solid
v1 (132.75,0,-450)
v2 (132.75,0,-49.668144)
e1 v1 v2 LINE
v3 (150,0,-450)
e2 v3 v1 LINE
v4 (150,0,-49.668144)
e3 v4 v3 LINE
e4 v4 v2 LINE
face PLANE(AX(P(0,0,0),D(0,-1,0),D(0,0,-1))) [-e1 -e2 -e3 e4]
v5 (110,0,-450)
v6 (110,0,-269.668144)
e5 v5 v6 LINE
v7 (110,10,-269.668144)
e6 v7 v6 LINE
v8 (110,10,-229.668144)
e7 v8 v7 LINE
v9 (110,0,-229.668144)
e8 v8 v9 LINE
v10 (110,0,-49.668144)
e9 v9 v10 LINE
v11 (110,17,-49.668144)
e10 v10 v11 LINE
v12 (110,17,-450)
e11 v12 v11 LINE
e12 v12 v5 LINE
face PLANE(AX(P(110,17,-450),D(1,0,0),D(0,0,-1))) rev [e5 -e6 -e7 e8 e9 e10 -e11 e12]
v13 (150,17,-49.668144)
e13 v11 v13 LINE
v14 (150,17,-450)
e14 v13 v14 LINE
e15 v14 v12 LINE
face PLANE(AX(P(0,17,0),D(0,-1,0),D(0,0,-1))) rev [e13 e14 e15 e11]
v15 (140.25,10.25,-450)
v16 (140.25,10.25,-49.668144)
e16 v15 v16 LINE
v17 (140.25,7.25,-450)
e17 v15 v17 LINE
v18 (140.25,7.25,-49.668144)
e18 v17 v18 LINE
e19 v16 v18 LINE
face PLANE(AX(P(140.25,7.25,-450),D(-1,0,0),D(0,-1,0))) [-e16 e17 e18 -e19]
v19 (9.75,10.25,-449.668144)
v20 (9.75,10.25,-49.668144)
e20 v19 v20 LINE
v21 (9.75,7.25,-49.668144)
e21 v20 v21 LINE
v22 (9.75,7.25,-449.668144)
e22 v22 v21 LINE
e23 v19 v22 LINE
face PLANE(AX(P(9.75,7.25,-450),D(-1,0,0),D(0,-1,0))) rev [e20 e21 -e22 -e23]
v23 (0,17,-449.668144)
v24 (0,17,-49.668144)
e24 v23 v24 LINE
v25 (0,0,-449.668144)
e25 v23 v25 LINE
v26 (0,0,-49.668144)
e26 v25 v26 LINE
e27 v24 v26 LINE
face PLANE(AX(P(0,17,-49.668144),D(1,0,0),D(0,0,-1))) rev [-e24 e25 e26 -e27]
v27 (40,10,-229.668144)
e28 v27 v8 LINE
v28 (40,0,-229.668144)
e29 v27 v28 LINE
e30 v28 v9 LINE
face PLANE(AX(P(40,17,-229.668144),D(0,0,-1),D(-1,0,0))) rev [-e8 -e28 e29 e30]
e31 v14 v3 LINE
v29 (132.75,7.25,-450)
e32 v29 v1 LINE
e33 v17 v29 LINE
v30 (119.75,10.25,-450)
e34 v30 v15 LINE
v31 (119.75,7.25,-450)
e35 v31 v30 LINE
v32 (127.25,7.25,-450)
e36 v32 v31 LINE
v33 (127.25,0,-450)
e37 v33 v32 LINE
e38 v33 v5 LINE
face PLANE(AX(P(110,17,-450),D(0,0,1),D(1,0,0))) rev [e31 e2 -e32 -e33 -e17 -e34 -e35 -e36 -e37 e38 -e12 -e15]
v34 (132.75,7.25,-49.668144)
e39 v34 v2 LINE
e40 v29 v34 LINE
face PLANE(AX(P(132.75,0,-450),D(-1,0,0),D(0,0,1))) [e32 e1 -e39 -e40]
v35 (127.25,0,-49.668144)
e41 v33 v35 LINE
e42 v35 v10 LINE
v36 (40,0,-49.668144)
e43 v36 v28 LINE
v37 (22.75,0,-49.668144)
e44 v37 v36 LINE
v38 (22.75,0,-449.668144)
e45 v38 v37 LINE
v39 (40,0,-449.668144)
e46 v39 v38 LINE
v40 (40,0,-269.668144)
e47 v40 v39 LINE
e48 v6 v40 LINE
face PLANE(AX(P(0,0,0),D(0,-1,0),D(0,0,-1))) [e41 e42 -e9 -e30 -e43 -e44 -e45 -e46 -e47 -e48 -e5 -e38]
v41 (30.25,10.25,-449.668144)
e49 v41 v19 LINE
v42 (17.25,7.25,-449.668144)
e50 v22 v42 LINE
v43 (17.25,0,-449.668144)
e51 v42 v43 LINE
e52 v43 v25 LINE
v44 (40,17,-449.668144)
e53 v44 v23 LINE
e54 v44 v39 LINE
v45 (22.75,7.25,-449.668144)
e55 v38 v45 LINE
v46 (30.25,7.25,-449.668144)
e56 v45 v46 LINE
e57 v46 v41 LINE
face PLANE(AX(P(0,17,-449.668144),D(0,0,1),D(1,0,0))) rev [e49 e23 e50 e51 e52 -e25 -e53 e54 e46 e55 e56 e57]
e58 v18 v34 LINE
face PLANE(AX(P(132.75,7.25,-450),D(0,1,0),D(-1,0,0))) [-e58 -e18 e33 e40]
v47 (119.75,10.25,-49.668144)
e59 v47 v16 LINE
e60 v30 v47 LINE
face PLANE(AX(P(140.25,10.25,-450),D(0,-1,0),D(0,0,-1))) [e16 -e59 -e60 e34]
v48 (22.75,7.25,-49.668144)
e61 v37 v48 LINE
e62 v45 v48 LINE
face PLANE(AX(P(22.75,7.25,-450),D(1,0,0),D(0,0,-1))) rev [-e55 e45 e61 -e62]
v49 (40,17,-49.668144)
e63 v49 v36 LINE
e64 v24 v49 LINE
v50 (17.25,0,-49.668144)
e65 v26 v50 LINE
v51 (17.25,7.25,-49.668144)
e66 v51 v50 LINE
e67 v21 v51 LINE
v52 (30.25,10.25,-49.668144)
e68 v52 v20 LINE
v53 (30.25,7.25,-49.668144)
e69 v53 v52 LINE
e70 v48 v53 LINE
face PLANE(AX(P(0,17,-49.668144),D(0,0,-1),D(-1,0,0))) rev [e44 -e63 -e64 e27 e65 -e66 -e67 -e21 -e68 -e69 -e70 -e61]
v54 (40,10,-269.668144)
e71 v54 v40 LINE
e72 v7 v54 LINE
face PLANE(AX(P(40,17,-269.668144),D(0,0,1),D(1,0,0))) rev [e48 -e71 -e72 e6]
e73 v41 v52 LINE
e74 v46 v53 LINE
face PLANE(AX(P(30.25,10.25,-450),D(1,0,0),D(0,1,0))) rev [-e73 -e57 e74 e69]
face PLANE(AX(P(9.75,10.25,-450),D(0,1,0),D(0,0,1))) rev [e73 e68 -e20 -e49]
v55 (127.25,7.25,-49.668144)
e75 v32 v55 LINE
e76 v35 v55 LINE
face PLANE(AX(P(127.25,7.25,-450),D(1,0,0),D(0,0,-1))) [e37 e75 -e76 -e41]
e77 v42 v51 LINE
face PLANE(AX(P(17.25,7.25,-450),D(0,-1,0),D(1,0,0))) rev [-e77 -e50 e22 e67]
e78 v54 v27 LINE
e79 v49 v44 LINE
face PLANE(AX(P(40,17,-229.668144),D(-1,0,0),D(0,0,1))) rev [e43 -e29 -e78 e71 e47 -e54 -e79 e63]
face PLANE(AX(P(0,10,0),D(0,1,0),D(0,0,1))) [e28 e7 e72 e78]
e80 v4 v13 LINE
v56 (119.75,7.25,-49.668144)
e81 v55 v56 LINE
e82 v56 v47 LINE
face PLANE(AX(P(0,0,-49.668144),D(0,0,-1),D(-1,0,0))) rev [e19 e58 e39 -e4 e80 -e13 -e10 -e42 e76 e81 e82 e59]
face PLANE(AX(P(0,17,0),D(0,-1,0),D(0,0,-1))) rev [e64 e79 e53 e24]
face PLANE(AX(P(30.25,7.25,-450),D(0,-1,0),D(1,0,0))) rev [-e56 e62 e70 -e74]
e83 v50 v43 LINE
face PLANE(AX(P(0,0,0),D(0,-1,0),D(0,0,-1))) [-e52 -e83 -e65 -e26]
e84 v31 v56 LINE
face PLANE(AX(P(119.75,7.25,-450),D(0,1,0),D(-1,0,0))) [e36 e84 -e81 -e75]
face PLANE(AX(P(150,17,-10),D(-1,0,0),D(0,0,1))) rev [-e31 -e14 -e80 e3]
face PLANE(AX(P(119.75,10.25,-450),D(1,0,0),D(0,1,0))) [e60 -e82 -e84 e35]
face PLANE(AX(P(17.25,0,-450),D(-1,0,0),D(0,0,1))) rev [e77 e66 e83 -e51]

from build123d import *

# Parameters (mm, degrees)
BOSS_EXTRUDE1_DEPTH     = 17
SKETCH2_W               = 70
SKETCH2_H               = 40
CUT_EXTRUDE1_DEPTH      = 7
CUT_EXTRUDE2_DEPTH      = 401.331856029
SKETCH4_W               = 150
SKETCH4_H               = 39.668143971
CUT_EXTRUDE3_DEPTH      = 1
CUT_EXTRUDE3_DEPTH_BACK = 18


with BuildPart() as part:
    # Sketch1 → Boss-Extrude1 (new body)
    with BuildSketch(Plane(origin=(0, 0, 0), x_dir=(1, 0, 0), z_dir=(0, 1, 0))):
        Polygon((40, 449.668143971), (40, 269.668143971), (110, 269.668143971), (110, 450), (150, 450), (150, 10), (110, 10), (110, 229.668143971), (40, 229.668143971), (40, 49.668143971), (0, 49.668143971), (0, 449.668143971), align=None)
    extrude(amount=BOSS_EXTRUDE1_DEPTH)

    # Sketch2 → Cut-Extrude1 (cut)
    with BuildSketch(Plane(origin=(0, 17, 0), x_dir=(1, 0, 0), z_dir=(0, 1, 0))):
        with Locations((75, 249.668143971)):
            Rectangle(SKETCH2_W, SKETCH2_H)
    extrude(amount=-CUT_EXTRUDE1_DEPTH, mode=Mode.SUBTRACT)

    # Sketch3 → Cut-Extrude2 (cut, through all)
    with BuildSketch(Plane.XY.offset(-49.668143971)):
        Polygon((17.25, 0), (17.25, 7.25), (9.75, 7.25), (9.75, 10.25), (30.25, 10.25), (30.25, 7.25), (22.75, 7.25), (22.75, 0), align=None)
    cut_extrude2 = extrude(amount=-CUT_EXTRUDE2_DEPTH, mode=Mode.SUBTRACT)

    # Mirror1: Cut-Extrude2 across plane
    add(cut_extrude2.mirror(Plane(origin=(75, 0, 0), x_dir=(0, 0, 1), z_dir=(1, 0, 0))), mode=Mode.SUBTRACT)

    # Sketch4 → Cut-Extrude3 (cut, two sides)
    with BuildSketch(Plane(origin=(0, 17, 0), x_dir=(1, 0, 0), z_dir=(0, 1, 0))) as cut_extrude3_sk:
        with Locations((75, 29.834071986)):
            Rectangle(SKETCH4_W, SKETCH4_H)
    extrude(amount=CUT_EXTRUDE3_DEPTH, mode=Mode.SUBTRACT)
    extrude(cut_extrude3_sk.sketch, amount=-CUT_EXTRUDE3_DEPTH_BACK, mode=Mode.SUBTRACT)


solid = part.part
